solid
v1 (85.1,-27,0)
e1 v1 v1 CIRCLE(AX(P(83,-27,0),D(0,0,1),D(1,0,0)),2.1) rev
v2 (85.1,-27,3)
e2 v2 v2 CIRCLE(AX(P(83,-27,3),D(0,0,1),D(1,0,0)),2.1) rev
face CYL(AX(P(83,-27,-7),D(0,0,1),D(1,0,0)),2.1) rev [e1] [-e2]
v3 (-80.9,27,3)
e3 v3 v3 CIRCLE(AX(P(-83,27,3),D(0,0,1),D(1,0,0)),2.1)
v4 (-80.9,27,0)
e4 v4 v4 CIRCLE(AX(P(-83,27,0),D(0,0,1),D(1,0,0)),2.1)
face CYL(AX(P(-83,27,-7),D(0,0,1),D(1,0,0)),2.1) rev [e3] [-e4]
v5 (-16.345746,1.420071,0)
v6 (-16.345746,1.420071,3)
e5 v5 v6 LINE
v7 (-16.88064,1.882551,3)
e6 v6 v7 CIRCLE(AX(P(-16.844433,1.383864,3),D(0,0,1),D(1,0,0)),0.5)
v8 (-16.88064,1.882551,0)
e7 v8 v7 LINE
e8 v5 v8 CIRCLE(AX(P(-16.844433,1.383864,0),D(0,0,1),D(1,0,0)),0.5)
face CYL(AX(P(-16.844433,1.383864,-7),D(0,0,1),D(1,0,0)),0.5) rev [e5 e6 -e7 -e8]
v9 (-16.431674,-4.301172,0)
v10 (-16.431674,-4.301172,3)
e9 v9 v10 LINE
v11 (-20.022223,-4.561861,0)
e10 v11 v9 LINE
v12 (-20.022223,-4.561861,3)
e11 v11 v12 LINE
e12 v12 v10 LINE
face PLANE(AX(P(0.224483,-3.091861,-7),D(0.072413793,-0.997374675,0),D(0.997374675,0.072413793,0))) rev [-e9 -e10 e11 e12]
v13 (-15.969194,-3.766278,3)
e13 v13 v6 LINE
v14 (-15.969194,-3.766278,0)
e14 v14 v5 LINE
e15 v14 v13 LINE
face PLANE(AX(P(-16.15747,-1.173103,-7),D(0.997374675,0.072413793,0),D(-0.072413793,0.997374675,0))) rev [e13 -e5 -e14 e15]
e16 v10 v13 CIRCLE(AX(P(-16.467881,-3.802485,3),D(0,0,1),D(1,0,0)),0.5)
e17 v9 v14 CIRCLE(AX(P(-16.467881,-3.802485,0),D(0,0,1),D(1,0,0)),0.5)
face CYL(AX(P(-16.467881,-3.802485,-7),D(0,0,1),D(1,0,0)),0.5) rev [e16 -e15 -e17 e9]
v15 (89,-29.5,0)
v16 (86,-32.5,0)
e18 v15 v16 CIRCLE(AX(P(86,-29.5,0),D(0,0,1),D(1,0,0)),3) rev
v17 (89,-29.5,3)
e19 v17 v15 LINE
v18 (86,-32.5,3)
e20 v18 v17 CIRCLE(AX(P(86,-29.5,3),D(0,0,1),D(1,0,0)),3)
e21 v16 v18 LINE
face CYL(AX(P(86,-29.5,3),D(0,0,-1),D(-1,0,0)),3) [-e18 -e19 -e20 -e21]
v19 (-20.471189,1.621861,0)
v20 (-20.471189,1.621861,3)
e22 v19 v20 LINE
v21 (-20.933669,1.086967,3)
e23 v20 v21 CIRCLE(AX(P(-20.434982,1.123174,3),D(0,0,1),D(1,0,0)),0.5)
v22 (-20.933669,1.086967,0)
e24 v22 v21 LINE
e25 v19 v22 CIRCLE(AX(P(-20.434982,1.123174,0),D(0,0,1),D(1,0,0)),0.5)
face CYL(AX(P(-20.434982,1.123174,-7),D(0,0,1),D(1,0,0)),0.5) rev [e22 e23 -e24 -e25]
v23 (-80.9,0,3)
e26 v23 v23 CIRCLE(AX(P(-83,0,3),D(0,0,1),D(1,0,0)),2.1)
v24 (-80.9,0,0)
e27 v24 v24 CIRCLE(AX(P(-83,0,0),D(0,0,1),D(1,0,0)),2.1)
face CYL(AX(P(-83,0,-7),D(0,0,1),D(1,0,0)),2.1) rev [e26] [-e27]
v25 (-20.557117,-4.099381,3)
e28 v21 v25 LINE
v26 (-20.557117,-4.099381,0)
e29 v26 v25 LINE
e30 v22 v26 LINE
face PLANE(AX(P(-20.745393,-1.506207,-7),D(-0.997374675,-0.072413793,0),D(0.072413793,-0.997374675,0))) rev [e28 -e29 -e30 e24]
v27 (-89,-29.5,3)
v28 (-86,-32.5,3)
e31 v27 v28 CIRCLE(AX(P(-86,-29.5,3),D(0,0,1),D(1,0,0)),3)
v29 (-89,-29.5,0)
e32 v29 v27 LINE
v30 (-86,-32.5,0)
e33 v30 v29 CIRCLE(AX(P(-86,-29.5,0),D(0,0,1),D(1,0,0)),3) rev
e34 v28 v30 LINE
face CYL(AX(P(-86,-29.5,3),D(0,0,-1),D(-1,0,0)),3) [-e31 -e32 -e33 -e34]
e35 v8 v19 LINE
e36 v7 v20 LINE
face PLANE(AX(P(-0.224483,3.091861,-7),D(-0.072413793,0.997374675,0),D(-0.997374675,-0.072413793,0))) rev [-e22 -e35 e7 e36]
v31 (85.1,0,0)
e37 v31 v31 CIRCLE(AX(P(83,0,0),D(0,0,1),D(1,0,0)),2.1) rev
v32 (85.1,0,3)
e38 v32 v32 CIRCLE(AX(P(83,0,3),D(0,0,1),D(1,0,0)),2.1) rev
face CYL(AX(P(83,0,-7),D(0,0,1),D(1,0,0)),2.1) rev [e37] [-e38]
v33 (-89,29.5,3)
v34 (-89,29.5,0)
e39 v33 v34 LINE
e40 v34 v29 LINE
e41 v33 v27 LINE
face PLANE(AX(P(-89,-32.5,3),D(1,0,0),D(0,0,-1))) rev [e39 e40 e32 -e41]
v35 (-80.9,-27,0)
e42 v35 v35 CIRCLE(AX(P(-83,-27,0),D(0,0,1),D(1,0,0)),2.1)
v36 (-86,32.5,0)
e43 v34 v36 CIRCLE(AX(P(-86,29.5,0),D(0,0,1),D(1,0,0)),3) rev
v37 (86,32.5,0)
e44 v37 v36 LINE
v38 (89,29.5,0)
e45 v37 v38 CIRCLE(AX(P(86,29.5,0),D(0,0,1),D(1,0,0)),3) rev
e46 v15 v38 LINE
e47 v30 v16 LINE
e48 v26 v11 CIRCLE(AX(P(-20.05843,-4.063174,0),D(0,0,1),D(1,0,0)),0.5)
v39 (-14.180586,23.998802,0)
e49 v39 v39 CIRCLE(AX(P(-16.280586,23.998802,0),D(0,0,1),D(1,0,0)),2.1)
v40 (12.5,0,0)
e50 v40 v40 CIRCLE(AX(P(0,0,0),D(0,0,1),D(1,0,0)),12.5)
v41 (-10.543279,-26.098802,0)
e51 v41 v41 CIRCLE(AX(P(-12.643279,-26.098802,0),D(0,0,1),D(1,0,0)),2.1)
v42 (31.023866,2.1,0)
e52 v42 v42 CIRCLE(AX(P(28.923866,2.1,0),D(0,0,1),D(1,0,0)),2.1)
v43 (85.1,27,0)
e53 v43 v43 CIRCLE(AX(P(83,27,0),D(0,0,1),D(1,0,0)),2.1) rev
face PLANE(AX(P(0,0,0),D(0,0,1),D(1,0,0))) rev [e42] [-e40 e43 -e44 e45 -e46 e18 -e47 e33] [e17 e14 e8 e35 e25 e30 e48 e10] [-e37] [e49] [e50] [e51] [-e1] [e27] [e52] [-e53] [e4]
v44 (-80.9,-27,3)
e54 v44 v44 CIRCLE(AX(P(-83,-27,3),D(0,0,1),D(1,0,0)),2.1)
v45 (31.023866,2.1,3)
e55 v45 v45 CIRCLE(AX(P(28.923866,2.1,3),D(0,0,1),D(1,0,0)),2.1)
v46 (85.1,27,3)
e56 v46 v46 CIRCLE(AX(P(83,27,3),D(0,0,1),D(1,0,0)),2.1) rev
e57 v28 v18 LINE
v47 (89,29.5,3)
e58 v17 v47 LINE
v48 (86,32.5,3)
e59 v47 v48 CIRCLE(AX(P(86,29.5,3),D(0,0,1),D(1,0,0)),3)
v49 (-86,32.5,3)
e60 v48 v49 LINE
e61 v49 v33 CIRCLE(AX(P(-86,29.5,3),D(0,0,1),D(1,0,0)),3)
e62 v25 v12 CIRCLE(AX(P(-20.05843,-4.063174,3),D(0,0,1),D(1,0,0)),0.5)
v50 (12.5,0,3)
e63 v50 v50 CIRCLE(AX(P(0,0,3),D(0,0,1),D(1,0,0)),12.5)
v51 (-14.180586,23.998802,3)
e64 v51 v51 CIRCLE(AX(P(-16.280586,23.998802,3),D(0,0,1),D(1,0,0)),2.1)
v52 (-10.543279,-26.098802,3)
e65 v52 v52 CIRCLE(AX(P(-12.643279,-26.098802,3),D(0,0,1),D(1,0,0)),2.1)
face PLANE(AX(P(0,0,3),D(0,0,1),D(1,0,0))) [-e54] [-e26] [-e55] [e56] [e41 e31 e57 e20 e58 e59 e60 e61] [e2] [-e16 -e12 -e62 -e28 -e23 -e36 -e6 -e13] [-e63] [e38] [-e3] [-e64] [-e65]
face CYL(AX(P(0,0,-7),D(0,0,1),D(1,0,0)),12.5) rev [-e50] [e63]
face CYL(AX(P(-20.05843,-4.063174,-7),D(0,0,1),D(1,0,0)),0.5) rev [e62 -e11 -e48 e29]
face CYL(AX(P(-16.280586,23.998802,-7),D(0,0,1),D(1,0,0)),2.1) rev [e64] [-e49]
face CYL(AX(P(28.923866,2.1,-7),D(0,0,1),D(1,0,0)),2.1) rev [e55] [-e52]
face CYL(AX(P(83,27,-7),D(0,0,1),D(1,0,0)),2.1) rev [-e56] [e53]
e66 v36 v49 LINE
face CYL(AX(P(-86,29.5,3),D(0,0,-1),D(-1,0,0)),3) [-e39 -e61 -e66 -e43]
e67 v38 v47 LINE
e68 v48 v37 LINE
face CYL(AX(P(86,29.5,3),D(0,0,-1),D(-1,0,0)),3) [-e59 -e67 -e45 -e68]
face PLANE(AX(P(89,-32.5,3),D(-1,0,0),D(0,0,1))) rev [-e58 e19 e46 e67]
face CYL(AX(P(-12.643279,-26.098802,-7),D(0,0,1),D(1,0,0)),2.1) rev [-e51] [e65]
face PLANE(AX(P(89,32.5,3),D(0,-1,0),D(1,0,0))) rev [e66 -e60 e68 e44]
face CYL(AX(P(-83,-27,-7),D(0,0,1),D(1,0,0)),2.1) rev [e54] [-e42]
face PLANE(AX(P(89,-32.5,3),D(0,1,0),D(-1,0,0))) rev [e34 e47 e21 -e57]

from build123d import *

# Parameters (mm, degrees)
SKETCH_1_W          = 178
SKETCH_1_H          = 65
EXTRUDE_1_DEPTH     = 3
FILLET_1_R          = 3
SKETCH_2_R          = 2.1
SKETCH_2_R_2        = 12.5
SKETCH_2_R_3        = 11
SKETCH_2_R_4        = 1.8
CUT_EXTRUDE_1_DEPTH = 10


with BuildPart() as part:
    # 草图1 → 凸台-拉伸1 (new body)
    with BuildSketch(Plane.XY):
        Rectangle(SKETCH_1_W, SKETCH_1_H)
    extrude(amount=EXTRUDE_1_DEPTH)

    # 圆角1
    fillet_1_edges = [part.edges().sort_by_distance(p)[0] for p in [
        (-89, 32.5, 1.5),
        (89, 32.5, 1.5),
        (89, -32.5, 1.5),
        (-89, -32.5, 1.5),
    ]]
    fillet(fillet_1_edges, radius=FILLET_1_R)

    # 草图2 → 切除-拉伸1 (cut)
    # profile 1 of 14: a face of its own
    with BuildSketch(Plane.XY.offset(3)):
        with Locations((-83, 27)):
            Circle(SKETCH_2_R)
    # profile 2 of 14: a face of its own
    with BuildSketch(Plane.XY.offset(3)):
        with Locations((-83, 0)):
            Circle(SKETCH_2_R)
    # profile 3 of 14: a face of its own
    with BuildSketch(Plane.XY.offset(3)):
        with Locations((-83, -27)):
            Circle(SKETCH_2_R)
    # profile 4 of 14: a face of its own
    with BuildSketch(Plane.XY.offset(3)):
        Circle(SKETCH_2_R_2)
        Circle(SKETCH_2_R_3, mode=Mode.SUBTRACT)
    # profile 5 of 14: a face of its own
    with BuildSketch(Plane.XY.offset(3)):
        Circle(SKETCH_2_R_3)
    # profile 6 of 14: a face of its own
    with BuildSketch(Plane.XY.offset(3)):
        with Locations((-16.280586137, 23.998802367)):
            Circle(SKETCH_2_R)
        with Locations((-16.280586137, 23.998802367)):
            Circle(SKETCH_2_R_4, mode=Mode.SUBTRACT)
    # profile 7 of 14: a face of its own
    with BuildSketch(Plane.XY.offset(3)):
        with Locations((-16.280586137, 23.998802367)):
            Circle(SKETCH_2_R_4)
    # profile 8 of 14: a face of its own
    with BuildSketch(Plane.XY.offset(3)):
        with Locations((28.923865578, 2.1)):
            Circle(SKETCH_2_R)
        with Locations((28.923865578, 2.1)):
            Circle(SKETCH_2_R_4, mode=Mode.SUBTRACT)
    # profile 9 of 14: a face of its own
    with BuildSketch(Plane.XY.offset(3)):
        with Locations((28.923865578, 2.1)):
            Circle(SKETCH_2_R_4)
    # profile 10 of 14: a face of its own
    with BuildSketch(Plane.XY.offset(3)):
        with Locations((-12.643279441, -26.098802367)):
            Circle(SKETCH_2_R)
    # profile 11 of 14: a face of its own
    with BuildSketch(Plane.XY.offset(3)):
        with BuildLine():
            Line((-15.969193875, -3.766277604), (-16.345745599, 1.420070707))
            ThreePointArc((-16.345745599, 1.420070707), (-16.372108992, 1.547906767), (-16.430660482, 1.664563571))
            ThreePointArc((-16.430660482, 1.664563571), (-16.62644536, 1.833843162), (-16.880639833, 1.882551148))
            Line((-16.880639833, 1.882551148), (-20.471188664, 1.621861493))
            ThreePointArc((-20.471188664, 1.621861493), (-20.813209107, 1.450197211), (-20.933669105, 1.086967259))
            Line((-20.933669105, 1.086967259), (-20.55711738, -4.099381052))
            ThreePointArc((-20.55711738, -4.099381052), (-20.385453099, -4.441401495), (-20.022223146, -4.561861493))
            Line((-20.022223146, -4.561861493), (-16.431674316, -4.301171838))
            ThreePointArc((-16.431674316, -4.301171838), (-16.089653872, -4.129507556), (-15.969193875, -3.766277604))
        make_face()
    # profile 12 of 14: a face of its own
    with BuildSketch(Plane.XY.offset(3)):
        with Locations((83, 27)):
            Circle(SKETCH_2_R)
    # profile 13 of 14: a face of its own
    with BuildSketch(Plane.XY.offset(3)):
        with Locations((83, 0)):
            Circle(SKETCH_2_R)
    # profile 14 of 14: a face of its own
    with BuildSketch(Plane.XY.offset(3)):
        with Locations((83, -27)):
            Circle(SKETCH_2_R)
    extrude(amount=-CUT_EXTRUDE_1_DEPTH, mode=Mode.SUBTRACT)


solid = part.part
